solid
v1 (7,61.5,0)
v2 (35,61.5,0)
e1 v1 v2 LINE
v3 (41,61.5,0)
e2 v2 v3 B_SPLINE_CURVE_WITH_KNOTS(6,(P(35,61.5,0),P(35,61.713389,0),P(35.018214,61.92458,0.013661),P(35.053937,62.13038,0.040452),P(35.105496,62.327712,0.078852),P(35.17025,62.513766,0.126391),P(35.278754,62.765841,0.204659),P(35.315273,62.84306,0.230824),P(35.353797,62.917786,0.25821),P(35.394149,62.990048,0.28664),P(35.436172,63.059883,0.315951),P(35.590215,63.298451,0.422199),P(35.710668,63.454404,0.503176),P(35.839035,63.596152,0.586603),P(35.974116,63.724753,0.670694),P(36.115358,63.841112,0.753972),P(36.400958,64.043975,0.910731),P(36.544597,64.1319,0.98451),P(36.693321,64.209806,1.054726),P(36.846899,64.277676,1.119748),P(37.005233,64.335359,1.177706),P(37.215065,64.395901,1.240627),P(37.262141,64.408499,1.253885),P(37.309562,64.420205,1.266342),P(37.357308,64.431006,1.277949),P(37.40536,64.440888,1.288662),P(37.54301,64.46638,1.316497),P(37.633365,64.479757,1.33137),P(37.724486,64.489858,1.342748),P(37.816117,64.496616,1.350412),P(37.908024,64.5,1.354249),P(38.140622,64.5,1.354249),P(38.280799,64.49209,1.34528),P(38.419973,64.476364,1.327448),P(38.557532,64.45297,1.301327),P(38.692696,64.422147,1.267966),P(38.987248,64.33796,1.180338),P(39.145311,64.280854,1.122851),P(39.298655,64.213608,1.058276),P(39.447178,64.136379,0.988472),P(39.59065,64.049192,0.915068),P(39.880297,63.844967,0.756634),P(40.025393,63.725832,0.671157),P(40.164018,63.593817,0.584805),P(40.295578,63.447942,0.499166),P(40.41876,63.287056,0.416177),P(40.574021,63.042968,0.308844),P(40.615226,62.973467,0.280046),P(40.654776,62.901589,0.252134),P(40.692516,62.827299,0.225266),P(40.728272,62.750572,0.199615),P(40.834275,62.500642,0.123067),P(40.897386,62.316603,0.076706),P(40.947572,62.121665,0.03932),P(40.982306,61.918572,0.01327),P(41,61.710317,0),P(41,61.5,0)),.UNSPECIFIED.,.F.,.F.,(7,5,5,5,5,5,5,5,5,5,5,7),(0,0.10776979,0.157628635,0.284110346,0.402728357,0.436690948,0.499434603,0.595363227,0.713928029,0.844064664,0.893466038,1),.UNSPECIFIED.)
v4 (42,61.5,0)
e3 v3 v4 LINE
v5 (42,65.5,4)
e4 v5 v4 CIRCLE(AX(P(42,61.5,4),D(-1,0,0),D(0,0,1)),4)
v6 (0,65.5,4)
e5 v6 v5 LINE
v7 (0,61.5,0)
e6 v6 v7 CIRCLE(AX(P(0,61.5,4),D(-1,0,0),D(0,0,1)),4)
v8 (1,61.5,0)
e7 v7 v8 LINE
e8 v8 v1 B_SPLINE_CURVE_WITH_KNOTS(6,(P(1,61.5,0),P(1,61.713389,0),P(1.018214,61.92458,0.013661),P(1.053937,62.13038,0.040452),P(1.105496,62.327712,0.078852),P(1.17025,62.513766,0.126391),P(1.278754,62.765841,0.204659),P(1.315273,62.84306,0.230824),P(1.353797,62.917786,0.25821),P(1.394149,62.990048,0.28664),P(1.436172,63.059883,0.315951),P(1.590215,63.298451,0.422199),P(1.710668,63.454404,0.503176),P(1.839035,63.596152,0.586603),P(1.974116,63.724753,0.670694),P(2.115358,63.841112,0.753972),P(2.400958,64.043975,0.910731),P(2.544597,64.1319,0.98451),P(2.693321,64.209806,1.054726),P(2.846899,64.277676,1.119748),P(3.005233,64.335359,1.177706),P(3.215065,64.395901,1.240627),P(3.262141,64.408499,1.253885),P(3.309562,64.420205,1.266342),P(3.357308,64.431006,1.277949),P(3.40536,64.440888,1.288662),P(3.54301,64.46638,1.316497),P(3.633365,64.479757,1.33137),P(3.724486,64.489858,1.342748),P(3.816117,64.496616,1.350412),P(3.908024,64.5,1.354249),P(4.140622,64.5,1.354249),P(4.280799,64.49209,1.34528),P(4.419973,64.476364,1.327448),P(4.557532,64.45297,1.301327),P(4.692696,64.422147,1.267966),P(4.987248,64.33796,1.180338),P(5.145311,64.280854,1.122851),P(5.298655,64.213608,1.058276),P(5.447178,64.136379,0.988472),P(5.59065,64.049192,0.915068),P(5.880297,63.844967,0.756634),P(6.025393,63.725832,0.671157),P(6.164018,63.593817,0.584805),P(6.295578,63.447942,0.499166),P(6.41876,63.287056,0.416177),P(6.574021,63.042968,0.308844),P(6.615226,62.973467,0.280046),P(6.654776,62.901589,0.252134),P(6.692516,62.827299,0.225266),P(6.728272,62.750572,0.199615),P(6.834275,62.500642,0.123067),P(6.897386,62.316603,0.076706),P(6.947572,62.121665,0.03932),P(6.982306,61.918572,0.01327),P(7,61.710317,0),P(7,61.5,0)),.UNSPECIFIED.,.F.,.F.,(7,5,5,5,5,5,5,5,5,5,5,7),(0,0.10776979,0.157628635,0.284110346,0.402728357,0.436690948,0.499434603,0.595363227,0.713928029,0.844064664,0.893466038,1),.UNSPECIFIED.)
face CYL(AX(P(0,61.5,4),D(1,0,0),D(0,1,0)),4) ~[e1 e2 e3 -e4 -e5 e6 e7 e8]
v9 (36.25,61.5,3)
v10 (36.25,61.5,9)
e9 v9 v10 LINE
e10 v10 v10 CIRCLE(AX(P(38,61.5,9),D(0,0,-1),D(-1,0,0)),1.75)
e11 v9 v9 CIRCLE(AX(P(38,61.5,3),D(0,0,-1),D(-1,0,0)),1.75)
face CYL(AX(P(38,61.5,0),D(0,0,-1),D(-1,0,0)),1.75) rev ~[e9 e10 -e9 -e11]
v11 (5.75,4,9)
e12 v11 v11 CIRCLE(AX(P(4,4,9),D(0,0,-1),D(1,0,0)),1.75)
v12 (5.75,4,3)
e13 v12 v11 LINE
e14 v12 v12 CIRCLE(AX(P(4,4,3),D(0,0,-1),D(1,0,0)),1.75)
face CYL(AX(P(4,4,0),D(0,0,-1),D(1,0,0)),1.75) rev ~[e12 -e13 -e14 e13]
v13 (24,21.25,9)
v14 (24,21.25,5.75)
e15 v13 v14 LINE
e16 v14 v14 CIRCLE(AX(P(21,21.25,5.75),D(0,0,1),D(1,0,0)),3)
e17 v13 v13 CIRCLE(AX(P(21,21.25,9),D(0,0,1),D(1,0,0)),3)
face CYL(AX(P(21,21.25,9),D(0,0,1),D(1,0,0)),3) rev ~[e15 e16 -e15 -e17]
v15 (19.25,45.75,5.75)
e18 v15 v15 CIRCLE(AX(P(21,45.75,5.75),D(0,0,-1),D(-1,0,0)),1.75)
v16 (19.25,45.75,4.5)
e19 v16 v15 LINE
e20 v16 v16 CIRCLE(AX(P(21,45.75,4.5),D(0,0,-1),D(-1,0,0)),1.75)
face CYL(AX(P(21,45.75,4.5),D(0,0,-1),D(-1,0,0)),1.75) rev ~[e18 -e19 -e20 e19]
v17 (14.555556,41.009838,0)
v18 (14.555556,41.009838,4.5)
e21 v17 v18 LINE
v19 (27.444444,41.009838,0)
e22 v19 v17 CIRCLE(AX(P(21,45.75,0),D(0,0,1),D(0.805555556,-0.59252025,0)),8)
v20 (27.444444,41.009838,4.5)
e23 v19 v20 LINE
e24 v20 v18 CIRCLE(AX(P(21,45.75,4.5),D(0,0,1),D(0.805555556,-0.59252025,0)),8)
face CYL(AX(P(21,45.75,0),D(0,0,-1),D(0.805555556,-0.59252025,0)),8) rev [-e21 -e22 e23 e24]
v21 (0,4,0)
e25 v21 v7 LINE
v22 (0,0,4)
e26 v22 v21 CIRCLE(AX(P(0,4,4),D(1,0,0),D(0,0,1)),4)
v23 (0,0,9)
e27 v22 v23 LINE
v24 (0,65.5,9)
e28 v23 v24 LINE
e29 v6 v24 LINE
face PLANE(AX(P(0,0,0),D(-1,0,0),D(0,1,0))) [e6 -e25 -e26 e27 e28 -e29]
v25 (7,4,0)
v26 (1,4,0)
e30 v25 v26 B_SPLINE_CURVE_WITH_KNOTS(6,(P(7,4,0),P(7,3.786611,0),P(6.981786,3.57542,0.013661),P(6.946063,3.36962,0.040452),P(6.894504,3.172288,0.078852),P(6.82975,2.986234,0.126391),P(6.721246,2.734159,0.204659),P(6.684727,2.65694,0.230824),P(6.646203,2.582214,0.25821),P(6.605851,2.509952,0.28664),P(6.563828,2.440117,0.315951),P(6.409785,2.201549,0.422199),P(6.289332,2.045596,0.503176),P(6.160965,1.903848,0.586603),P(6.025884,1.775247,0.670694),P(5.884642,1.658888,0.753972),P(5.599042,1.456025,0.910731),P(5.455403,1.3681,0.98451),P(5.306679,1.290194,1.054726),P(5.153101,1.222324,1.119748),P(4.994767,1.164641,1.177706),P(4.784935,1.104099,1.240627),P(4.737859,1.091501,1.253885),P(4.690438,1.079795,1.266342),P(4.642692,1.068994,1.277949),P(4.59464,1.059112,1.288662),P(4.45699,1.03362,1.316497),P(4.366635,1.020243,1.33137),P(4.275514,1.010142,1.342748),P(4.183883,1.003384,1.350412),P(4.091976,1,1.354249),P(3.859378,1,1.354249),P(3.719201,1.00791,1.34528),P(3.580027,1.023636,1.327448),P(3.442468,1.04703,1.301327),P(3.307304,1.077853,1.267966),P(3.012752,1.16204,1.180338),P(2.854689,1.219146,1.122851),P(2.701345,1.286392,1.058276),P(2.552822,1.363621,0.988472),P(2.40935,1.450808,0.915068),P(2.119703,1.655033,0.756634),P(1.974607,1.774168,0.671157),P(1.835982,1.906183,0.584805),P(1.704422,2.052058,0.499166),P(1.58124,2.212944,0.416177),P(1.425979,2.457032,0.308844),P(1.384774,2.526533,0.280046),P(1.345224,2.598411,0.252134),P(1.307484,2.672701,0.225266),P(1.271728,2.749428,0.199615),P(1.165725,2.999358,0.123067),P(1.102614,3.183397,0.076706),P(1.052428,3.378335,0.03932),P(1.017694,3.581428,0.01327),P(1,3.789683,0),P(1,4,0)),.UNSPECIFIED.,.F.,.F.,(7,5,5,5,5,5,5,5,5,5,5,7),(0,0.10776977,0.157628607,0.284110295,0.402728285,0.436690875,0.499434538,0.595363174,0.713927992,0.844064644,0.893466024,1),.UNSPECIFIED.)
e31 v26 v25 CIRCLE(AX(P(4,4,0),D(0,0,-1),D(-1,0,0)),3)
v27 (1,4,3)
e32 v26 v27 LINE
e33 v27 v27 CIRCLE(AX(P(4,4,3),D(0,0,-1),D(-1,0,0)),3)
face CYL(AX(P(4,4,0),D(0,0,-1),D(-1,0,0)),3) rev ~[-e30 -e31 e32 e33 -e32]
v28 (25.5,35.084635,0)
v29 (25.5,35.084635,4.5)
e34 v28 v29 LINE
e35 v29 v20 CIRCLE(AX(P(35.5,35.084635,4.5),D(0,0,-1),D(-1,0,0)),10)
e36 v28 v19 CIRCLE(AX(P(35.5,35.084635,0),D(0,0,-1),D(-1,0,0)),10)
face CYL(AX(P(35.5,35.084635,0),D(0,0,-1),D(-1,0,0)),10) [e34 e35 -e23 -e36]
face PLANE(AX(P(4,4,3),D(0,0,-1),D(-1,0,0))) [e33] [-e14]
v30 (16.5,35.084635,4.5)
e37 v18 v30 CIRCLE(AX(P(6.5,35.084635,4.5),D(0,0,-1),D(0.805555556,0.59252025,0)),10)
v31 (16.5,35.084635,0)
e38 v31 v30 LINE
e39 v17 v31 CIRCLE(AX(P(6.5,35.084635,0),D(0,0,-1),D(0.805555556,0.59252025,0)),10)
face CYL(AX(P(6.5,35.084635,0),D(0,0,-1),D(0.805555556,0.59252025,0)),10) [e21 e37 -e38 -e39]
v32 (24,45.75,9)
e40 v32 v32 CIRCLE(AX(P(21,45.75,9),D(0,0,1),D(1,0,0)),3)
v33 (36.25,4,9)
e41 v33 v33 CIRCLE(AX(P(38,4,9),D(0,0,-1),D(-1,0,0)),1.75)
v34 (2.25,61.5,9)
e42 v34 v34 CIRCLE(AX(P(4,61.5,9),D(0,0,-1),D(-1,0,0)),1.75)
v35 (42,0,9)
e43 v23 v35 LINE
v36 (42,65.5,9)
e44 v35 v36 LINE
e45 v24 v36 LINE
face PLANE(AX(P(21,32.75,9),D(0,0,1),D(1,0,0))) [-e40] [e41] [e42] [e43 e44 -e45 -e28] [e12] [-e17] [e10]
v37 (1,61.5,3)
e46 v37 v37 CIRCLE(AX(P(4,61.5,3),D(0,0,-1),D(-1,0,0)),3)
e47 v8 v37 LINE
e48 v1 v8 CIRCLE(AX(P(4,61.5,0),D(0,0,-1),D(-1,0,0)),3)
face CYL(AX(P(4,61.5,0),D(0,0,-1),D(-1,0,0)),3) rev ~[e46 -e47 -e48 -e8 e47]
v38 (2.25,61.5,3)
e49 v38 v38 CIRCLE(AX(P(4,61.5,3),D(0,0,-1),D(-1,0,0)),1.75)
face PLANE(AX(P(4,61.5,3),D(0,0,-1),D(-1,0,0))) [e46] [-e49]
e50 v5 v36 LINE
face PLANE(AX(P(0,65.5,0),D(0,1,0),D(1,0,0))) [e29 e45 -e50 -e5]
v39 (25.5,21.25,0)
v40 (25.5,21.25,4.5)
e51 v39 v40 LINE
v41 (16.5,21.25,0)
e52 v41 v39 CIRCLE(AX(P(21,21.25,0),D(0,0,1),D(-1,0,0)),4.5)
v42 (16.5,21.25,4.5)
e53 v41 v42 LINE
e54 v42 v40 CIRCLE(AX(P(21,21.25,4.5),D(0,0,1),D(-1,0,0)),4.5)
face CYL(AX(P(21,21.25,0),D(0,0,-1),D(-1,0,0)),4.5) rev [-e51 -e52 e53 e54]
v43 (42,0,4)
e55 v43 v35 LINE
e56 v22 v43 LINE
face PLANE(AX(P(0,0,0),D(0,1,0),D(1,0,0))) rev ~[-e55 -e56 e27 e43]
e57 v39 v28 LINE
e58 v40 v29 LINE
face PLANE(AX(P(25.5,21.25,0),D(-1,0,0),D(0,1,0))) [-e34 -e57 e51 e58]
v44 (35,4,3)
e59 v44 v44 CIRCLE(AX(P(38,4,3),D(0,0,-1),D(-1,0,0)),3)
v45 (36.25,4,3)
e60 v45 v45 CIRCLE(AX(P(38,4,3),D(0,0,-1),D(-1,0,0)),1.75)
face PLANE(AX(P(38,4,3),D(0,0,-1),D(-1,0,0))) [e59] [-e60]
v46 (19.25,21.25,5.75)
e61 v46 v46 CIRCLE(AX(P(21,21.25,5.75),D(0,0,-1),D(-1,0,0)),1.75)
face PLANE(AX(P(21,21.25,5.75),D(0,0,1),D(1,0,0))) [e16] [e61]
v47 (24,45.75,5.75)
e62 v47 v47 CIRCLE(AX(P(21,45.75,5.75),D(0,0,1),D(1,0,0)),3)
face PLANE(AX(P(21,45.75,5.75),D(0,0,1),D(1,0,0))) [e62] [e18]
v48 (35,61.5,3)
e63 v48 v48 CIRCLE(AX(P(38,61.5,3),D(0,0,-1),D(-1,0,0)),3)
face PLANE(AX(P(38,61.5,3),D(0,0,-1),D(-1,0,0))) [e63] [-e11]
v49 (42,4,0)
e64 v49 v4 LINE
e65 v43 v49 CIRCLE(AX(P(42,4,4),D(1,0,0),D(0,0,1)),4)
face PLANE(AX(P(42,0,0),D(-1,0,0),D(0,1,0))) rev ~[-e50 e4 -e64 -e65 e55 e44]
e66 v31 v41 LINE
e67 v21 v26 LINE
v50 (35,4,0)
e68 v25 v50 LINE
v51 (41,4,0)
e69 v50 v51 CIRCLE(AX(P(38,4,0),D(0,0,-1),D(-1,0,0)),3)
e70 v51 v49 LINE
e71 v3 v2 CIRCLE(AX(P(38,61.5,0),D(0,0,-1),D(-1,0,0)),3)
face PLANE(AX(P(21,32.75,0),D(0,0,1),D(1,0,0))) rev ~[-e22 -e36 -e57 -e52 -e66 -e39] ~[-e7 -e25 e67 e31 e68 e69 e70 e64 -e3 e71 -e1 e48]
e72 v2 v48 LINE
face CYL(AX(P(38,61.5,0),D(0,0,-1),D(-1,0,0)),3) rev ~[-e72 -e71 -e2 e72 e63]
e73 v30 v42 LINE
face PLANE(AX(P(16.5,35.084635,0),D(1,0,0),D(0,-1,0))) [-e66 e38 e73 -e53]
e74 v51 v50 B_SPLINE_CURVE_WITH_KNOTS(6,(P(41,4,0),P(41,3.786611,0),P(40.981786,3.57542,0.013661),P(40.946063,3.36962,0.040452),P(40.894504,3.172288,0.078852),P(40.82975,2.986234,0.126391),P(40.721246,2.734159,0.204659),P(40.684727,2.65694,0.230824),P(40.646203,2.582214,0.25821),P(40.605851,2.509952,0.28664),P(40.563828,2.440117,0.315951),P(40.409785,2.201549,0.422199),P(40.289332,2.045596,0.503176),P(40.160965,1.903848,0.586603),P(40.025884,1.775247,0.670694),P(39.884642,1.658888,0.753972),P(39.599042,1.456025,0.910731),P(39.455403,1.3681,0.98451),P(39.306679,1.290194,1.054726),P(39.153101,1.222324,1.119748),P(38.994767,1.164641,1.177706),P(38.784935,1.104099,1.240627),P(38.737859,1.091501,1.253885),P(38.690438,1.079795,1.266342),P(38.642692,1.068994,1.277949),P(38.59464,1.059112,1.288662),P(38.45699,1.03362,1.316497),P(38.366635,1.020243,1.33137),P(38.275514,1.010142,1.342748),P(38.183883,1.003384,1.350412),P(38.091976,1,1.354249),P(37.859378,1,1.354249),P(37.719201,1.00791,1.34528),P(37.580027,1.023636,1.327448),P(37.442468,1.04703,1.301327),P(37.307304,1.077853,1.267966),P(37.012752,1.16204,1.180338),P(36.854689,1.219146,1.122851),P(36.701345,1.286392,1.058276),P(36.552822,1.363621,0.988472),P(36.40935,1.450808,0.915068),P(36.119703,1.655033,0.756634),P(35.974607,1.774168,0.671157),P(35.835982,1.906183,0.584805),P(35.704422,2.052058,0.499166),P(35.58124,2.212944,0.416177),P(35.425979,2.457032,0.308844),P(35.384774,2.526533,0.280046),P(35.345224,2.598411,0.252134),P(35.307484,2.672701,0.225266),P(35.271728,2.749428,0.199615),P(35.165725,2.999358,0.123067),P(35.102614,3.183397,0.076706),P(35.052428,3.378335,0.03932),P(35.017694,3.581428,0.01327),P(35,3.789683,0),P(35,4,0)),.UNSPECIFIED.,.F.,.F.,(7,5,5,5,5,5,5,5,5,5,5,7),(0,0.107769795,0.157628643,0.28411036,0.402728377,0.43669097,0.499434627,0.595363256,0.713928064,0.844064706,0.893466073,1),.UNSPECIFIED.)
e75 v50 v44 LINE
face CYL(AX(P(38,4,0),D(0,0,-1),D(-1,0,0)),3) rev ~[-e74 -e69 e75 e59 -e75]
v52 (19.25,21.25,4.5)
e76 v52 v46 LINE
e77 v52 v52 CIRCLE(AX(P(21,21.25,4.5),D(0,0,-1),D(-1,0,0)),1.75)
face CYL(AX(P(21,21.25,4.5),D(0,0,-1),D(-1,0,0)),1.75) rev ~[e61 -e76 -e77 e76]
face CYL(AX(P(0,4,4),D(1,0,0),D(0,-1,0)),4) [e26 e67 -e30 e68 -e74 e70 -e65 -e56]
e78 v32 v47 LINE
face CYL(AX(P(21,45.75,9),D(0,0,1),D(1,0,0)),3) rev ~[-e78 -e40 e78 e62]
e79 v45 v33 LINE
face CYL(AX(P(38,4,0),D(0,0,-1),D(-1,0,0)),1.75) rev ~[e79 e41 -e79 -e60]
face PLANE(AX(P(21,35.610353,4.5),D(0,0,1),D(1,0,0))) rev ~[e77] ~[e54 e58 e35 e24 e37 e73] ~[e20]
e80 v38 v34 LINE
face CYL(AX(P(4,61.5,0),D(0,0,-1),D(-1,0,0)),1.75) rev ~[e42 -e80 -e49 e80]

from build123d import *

# Parameters (mm, degrees)
SKETCH1_W           = 42
SKETCH1_H           = 65.5
BOSS_EXTRUDE1_DEPTH = 9
CUT_EXTRUDE2_DEPTH  = 4.5
SKETCH3_R           = 1.75
CUT_EXTRUDE5_DEPTH  = 78.939078773
SKETCH5_R           = 3
CUT_EXTRUDE6_DEPTH  = 3.25
FILLET1_R           = 4
SKETCH6_R           = 1.75
CUT_EXTRUDE7_DEPTH  = 79.327836687
SKETCH7_R           = 3
CUT_EXTRUDE8_DEPTH  = 3


with BuildPart() as part:
    # Sketch1 → Boss-Extrude1 (new body)
    with BuildSketch(Plane.XY):
        with Locations((21, 32.75)):
            Rectangle(SKETCH1_W, SKETCH1_H)
    extrude(amount=BOSS_EXTRUDE1_DEPTH)

    # Sketch2 → Cut-Extrude2 (cut)
    with BuildSketch(Plane(origin=(0, 0, 0), x_dir=(-1, 0, 0), z_dir=(0, 0, -1))):
        with BuildLine():
            Line((-25.5, 21.25), (-25.5, 35.084635496))
            ThreePointArc((-25.5, 35.084635496), (-25.998538124, 38.202683318), (-27.444444444, 41.009837998))
            ThreePointArc((-27.444444444, 41.009837998), (-21, 53.75), (-14.555555556, 41.009837998))
            ThreePointArc((-14.555555556, 41.009837998), (-16.001461876, 38.202683318), (-16.5, 35.084635496))
            Line((-16.5, 35.084635496), (-16.5, 21.25))
            ThreePointArc((-16.5, 21.25), (-21, 16.75), (-25.5, 21.25))
        make_face()
    extrude(amount=-CUT_EXTRUDE2_DEPTH, mode=Mode.SUBTRACT)

    # Sketch3 → Cut-Extrude5 (cut, through all)
    with BuildSketch(Plane(origin=(0, 0, 4.5), x_dir=(-1, 0, 0), z_dir=(0, 0, -1))):
        with Locations((-21, 21.25)):
            Circle(SKETCH3_R)
        with Locations((-21, 45.75)):
            Circle(SKETCH3_R)
    extrude(amount=-CUT_EXTRUDE5_DEPTH, mode=Mode.SUBTRACT)

    # Sketch5 → Cut-Extrude6 (cut)
    with BuildSketch(Plane.XY.offset(9)):
        with Locations((21, 21.25)):
            Circle(SKETCH5_R)
        with Locations((21, 45.75)):
            Circle(SKETCH5_R)
    extrude(amount=-CUT_EXTRUDE6_DEPTH, mode=Mode.SUBTRACT)

    # Fillet1
    fillet1_edges = [part.edges().sort_by_distance(p)[0] for p in [
        (21, 65.5, 0),
        (21, 0, 0),
    ]]
    fillet(fillet1_edges, radius=FILLET1_R)

    # Sketch6 → Cut-Extrude7 (cut, through all)
    with BuildSketch(Plane(origin=(0, 0, 0), x_dir=(-1, 0, 0), z_dir=(0, 0, -1))):
        with BuildLine():
            Line((-5.75, 4), (-2.25, 4))
            ThreePointArc((-2.25, 4), (-4, 5.75), (-5.75, 4))
        make_face()
        with BuildLine():
            ThreePointArc((-5.75, 4), (-4, 2.25), (-2.25, 4))
            Line((-2.25, 4), (-5.75, 4))
        make_face()
        with BuildLine():
            ThreePointArc((-39.75, 4), (-38, 2.25), (-36.25, 4))
            Line((-36.25, 4), (-39.75, 4))
        make_face()
        with BuildLine():
            Line((-39.75, 4), (-36.25, 4))
            ThreePointArc((-36.25, 4), (-38, 5.75), (-39.75, 4))
        make_face()
        with Locations((-38, 61.5)):
            Circle(SKETCH6_R)
        with Locations((-4, 61.5)):
            Circle(SKETCH6_R)
    extrude(amount=-CUT_EXTRUDE7_DEPTH, mode=Mode.SUBTRACT)

    # Sketch7 → Cut-Extrude8 (cut)
    with BuildSketch(Plane(origin=(0, 0, 0), x_dir=(-1, 0, 0), z_dir=(0, 0, -1))):
        with Locations((-38, 61.5)):
            Circle(SKETCH7_R)
        with Locations((-4, 61.5)):
            Circle(SKETCH7_R)
        with Locations((-4, 4)):
            Circle(SKETCH7_R)
        with Locations((-38, 4)):
            Circle(SKETCH7_R)
    extrude(amount=-CUT_EXTRUDE8_DEPTH, mode=Mode.SUBTRACT)


solid = part.part
